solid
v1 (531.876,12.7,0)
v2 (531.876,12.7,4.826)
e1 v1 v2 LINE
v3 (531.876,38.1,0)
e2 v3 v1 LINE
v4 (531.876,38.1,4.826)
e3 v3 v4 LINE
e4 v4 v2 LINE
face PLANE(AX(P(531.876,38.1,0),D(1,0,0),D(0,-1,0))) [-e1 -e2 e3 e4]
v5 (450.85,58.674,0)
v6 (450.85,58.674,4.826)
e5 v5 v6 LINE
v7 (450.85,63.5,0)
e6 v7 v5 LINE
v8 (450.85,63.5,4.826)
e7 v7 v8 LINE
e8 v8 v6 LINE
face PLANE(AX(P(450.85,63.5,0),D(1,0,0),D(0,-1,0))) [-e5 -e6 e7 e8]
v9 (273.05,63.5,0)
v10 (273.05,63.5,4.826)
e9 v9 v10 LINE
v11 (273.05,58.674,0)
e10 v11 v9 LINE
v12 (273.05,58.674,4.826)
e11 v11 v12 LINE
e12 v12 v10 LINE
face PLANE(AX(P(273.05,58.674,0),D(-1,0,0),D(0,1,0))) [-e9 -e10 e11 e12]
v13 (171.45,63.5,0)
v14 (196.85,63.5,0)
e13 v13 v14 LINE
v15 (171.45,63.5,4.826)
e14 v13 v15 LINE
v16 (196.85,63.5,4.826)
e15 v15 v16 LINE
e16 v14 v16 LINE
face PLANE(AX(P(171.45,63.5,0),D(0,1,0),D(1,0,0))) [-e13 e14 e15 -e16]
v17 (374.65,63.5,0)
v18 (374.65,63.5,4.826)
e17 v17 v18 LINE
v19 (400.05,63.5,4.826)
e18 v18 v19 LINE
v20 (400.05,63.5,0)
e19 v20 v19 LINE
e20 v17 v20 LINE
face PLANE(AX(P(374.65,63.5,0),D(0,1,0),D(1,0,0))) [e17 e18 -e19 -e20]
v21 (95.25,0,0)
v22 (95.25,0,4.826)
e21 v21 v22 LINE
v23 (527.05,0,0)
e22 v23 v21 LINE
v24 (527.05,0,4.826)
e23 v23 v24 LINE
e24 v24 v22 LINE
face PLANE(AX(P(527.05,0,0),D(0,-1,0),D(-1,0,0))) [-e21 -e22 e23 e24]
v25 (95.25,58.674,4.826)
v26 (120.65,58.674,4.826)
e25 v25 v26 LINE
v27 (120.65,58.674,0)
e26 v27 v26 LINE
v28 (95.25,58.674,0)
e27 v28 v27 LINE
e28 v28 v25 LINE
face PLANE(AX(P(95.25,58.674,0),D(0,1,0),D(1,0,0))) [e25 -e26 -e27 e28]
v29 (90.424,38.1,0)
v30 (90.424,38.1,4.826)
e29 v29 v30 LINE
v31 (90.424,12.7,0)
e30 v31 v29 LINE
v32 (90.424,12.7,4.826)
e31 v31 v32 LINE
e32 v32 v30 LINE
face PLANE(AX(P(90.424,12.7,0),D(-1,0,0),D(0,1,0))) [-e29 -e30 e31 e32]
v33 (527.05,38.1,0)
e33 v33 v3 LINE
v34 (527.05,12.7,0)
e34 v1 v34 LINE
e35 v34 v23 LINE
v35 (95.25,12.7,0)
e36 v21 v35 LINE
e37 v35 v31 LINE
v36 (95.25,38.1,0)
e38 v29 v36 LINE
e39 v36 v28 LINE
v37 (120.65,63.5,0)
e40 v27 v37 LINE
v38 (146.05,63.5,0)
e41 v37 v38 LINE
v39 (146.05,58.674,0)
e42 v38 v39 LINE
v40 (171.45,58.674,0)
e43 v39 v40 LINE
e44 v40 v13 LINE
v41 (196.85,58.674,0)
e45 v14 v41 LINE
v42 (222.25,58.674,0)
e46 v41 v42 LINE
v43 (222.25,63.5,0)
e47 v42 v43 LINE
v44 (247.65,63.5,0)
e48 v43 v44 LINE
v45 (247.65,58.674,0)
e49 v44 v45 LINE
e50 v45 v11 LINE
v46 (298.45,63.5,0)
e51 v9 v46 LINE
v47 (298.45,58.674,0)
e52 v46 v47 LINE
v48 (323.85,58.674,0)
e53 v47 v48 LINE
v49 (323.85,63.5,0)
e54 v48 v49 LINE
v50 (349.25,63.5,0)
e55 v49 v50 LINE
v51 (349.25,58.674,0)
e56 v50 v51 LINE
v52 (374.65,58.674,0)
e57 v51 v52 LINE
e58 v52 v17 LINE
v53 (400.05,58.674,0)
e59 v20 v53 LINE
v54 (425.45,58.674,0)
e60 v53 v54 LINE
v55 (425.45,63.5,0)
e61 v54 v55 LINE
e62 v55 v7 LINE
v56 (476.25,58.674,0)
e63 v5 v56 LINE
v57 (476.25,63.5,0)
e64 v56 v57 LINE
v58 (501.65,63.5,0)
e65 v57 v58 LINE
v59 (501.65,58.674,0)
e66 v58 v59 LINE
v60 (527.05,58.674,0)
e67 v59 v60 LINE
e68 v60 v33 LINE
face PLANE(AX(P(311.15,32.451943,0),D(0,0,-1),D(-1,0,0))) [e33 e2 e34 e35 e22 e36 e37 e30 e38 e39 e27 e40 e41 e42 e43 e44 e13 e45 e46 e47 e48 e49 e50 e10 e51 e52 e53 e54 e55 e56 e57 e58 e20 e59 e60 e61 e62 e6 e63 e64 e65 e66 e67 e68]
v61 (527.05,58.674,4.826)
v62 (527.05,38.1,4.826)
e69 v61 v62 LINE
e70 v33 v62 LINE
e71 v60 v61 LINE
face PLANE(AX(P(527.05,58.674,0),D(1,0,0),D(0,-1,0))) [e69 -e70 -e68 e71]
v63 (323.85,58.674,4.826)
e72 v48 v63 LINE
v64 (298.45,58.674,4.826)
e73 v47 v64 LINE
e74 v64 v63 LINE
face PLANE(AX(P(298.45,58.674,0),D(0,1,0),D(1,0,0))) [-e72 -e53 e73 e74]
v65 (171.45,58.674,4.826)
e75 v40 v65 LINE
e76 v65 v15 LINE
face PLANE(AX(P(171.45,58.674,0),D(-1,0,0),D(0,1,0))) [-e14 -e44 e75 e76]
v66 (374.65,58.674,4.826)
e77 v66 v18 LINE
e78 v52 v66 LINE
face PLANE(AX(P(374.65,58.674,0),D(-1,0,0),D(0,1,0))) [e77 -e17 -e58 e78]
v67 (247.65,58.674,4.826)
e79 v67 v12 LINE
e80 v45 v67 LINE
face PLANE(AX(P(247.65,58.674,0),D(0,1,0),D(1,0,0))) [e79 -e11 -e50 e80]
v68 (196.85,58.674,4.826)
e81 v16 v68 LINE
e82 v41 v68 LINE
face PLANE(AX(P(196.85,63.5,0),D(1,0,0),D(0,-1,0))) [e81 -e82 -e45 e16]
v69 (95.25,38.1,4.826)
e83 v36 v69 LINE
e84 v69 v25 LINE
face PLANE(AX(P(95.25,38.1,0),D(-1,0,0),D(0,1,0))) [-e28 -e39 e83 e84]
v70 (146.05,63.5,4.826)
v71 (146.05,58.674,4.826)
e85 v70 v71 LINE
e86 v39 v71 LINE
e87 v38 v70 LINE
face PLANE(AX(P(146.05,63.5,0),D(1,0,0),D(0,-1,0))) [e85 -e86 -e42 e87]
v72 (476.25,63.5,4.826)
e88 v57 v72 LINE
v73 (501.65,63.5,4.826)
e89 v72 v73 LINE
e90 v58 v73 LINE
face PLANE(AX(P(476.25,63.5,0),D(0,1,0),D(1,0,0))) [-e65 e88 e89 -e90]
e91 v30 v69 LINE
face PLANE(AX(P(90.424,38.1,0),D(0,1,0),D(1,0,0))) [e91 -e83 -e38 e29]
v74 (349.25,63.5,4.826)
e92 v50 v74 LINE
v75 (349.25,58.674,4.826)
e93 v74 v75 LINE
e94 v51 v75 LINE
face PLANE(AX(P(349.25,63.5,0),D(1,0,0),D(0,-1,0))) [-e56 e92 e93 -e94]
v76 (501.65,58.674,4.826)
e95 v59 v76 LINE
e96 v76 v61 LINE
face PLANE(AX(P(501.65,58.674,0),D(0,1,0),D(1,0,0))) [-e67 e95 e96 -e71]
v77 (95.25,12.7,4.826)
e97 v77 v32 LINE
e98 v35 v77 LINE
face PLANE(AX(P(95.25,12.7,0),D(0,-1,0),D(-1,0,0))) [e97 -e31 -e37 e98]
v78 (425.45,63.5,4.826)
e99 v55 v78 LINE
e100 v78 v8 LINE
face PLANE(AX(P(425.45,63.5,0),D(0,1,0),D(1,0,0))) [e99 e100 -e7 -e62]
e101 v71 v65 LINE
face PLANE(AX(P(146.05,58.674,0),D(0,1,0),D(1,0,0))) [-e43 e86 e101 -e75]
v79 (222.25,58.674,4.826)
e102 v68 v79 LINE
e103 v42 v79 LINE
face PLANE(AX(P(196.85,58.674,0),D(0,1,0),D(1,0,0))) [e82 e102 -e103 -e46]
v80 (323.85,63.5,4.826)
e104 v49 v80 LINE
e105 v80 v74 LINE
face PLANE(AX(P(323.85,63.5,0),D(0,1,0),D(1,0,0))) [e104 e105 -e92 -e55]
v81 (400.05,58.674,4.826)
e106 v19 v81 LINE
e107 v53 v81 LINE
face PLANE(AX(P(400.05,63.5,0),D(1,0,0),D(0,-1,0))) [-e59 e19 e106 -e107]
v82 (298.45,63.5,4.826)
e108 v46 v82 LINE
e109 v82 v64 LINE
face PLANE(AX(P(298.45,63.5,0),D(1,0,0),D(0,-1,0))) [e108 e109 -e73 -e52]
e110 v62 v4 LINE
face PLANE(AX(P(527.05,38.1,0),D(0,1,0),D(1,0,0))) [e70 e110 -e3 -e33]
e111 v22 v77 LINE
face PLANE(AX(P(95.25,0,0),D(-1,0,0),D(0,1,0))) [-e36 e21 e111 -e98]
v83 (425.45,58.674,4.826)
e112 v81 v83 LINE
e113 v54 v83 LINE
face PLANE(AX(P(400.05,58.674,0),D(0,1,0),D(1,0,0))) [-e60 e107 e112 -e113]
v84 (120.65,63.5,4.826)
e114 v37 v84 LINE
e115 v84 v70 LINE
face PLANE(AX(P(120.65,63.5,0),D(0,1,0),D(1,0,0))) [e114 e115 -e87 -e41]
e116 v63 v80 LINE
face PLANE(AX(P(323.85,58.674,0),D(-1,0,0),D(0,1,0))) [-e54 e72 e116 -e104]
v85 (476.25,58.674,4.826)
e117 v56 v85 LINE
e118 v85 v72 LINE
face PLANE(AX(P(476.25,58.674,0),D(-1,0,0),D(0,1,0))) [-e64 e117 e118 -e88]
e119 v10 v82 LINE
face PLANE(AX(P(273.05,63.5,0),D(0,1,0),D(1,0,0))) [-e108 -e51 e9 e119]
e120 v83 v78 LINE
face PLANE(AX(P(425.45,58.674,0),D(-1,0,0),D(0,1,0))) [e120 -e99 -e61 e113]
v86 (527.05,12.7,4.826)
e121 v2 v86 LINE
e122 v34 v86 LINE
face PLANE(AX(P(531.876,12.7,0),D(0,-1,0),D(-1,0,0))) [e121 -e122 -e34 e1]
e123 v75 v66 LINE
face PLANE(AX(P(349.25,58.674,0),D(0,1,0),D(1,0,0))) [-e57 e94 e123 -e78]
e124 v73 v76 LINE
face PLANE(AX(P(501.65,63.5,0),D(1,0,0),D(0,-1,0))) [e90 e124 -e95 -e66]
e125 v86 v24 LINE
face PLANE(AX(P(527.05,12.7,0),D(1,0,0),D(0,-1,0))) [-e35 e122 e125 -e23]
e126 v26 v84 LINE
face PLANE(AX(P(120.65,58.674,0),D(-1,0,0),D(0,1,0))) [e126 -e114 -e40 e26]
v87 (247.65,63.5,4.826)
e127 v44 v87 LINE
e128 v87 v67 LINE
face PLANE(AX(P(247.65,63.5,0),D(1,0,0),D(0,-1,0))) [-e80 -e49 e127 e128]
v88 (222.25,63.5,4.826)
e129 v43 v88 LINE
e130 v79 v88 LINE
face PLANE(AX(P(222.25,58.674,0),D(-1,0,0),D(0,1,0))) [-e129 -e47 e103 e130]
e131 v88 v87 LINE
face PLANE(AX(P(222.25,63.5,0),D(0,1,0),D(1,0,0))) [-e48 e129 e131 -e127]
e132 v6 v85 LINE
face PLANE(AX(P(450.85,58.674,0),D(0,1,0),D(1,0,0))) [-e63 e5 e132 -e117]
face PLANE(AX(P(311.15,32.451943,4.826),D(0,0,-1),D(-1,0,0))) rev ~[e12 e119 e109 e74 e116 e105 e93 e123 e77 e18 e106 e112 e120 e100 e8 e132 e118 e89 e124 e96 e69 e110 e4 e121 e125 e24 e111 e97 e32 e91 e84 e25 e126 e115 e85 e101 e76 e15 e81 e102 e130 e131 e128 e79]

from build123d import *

# Parameters (mm, degrees)
BOSS_EXTRUDE1_DEPTH = 4.826


with BuildPart() as part:
    # Sketch1 → Boss-Extrude1 (new body)
    with BuildSketch(Plane.XY):
        Polygon((527.05, 12.7), (527.05, 0), (95.25, 0), (95.25, 12.7), (90.424, 12.7), (90.424, 38.1), (95.25, 38.1), (95.25, 58.674), (120.65, 58.674), (120.65, 63.5), (146.05, 63.5), (146.05, 58.674), (171.45, 58.674), (171.45, 63.5), (196.85, 63.5), (196.85, 58.674), (222.25, 58.674), (222.25, 63.5), (247.65, 63.5), (247.65, 58.674), (273.05, 58.674), (273.05, 63.5), (298.45, 63.5), (298.45, 58.674), (323.85, 58.674), (323.85, 63.5), (349.25, 63.5), (349.25, 58.674), (374.65, 58.674), (374.65, 63.5), (400.05, 63.5), (400.05, 58.674), (425.45, 58.674), (425.45, 63.5), (450.85, 63.5), (450.85, 58.674), (476.25, 58.674), (476.25, 63.5), (501.65, 63.5), (501.65, 58.674), (527.05, 58.674), (527.05, 38.1), (531.876, 38.1), (531.876, 12.7), align=None)
    extrude(amount=BOSS_EXTRUDE1_DEPTH)


solid = part.part
